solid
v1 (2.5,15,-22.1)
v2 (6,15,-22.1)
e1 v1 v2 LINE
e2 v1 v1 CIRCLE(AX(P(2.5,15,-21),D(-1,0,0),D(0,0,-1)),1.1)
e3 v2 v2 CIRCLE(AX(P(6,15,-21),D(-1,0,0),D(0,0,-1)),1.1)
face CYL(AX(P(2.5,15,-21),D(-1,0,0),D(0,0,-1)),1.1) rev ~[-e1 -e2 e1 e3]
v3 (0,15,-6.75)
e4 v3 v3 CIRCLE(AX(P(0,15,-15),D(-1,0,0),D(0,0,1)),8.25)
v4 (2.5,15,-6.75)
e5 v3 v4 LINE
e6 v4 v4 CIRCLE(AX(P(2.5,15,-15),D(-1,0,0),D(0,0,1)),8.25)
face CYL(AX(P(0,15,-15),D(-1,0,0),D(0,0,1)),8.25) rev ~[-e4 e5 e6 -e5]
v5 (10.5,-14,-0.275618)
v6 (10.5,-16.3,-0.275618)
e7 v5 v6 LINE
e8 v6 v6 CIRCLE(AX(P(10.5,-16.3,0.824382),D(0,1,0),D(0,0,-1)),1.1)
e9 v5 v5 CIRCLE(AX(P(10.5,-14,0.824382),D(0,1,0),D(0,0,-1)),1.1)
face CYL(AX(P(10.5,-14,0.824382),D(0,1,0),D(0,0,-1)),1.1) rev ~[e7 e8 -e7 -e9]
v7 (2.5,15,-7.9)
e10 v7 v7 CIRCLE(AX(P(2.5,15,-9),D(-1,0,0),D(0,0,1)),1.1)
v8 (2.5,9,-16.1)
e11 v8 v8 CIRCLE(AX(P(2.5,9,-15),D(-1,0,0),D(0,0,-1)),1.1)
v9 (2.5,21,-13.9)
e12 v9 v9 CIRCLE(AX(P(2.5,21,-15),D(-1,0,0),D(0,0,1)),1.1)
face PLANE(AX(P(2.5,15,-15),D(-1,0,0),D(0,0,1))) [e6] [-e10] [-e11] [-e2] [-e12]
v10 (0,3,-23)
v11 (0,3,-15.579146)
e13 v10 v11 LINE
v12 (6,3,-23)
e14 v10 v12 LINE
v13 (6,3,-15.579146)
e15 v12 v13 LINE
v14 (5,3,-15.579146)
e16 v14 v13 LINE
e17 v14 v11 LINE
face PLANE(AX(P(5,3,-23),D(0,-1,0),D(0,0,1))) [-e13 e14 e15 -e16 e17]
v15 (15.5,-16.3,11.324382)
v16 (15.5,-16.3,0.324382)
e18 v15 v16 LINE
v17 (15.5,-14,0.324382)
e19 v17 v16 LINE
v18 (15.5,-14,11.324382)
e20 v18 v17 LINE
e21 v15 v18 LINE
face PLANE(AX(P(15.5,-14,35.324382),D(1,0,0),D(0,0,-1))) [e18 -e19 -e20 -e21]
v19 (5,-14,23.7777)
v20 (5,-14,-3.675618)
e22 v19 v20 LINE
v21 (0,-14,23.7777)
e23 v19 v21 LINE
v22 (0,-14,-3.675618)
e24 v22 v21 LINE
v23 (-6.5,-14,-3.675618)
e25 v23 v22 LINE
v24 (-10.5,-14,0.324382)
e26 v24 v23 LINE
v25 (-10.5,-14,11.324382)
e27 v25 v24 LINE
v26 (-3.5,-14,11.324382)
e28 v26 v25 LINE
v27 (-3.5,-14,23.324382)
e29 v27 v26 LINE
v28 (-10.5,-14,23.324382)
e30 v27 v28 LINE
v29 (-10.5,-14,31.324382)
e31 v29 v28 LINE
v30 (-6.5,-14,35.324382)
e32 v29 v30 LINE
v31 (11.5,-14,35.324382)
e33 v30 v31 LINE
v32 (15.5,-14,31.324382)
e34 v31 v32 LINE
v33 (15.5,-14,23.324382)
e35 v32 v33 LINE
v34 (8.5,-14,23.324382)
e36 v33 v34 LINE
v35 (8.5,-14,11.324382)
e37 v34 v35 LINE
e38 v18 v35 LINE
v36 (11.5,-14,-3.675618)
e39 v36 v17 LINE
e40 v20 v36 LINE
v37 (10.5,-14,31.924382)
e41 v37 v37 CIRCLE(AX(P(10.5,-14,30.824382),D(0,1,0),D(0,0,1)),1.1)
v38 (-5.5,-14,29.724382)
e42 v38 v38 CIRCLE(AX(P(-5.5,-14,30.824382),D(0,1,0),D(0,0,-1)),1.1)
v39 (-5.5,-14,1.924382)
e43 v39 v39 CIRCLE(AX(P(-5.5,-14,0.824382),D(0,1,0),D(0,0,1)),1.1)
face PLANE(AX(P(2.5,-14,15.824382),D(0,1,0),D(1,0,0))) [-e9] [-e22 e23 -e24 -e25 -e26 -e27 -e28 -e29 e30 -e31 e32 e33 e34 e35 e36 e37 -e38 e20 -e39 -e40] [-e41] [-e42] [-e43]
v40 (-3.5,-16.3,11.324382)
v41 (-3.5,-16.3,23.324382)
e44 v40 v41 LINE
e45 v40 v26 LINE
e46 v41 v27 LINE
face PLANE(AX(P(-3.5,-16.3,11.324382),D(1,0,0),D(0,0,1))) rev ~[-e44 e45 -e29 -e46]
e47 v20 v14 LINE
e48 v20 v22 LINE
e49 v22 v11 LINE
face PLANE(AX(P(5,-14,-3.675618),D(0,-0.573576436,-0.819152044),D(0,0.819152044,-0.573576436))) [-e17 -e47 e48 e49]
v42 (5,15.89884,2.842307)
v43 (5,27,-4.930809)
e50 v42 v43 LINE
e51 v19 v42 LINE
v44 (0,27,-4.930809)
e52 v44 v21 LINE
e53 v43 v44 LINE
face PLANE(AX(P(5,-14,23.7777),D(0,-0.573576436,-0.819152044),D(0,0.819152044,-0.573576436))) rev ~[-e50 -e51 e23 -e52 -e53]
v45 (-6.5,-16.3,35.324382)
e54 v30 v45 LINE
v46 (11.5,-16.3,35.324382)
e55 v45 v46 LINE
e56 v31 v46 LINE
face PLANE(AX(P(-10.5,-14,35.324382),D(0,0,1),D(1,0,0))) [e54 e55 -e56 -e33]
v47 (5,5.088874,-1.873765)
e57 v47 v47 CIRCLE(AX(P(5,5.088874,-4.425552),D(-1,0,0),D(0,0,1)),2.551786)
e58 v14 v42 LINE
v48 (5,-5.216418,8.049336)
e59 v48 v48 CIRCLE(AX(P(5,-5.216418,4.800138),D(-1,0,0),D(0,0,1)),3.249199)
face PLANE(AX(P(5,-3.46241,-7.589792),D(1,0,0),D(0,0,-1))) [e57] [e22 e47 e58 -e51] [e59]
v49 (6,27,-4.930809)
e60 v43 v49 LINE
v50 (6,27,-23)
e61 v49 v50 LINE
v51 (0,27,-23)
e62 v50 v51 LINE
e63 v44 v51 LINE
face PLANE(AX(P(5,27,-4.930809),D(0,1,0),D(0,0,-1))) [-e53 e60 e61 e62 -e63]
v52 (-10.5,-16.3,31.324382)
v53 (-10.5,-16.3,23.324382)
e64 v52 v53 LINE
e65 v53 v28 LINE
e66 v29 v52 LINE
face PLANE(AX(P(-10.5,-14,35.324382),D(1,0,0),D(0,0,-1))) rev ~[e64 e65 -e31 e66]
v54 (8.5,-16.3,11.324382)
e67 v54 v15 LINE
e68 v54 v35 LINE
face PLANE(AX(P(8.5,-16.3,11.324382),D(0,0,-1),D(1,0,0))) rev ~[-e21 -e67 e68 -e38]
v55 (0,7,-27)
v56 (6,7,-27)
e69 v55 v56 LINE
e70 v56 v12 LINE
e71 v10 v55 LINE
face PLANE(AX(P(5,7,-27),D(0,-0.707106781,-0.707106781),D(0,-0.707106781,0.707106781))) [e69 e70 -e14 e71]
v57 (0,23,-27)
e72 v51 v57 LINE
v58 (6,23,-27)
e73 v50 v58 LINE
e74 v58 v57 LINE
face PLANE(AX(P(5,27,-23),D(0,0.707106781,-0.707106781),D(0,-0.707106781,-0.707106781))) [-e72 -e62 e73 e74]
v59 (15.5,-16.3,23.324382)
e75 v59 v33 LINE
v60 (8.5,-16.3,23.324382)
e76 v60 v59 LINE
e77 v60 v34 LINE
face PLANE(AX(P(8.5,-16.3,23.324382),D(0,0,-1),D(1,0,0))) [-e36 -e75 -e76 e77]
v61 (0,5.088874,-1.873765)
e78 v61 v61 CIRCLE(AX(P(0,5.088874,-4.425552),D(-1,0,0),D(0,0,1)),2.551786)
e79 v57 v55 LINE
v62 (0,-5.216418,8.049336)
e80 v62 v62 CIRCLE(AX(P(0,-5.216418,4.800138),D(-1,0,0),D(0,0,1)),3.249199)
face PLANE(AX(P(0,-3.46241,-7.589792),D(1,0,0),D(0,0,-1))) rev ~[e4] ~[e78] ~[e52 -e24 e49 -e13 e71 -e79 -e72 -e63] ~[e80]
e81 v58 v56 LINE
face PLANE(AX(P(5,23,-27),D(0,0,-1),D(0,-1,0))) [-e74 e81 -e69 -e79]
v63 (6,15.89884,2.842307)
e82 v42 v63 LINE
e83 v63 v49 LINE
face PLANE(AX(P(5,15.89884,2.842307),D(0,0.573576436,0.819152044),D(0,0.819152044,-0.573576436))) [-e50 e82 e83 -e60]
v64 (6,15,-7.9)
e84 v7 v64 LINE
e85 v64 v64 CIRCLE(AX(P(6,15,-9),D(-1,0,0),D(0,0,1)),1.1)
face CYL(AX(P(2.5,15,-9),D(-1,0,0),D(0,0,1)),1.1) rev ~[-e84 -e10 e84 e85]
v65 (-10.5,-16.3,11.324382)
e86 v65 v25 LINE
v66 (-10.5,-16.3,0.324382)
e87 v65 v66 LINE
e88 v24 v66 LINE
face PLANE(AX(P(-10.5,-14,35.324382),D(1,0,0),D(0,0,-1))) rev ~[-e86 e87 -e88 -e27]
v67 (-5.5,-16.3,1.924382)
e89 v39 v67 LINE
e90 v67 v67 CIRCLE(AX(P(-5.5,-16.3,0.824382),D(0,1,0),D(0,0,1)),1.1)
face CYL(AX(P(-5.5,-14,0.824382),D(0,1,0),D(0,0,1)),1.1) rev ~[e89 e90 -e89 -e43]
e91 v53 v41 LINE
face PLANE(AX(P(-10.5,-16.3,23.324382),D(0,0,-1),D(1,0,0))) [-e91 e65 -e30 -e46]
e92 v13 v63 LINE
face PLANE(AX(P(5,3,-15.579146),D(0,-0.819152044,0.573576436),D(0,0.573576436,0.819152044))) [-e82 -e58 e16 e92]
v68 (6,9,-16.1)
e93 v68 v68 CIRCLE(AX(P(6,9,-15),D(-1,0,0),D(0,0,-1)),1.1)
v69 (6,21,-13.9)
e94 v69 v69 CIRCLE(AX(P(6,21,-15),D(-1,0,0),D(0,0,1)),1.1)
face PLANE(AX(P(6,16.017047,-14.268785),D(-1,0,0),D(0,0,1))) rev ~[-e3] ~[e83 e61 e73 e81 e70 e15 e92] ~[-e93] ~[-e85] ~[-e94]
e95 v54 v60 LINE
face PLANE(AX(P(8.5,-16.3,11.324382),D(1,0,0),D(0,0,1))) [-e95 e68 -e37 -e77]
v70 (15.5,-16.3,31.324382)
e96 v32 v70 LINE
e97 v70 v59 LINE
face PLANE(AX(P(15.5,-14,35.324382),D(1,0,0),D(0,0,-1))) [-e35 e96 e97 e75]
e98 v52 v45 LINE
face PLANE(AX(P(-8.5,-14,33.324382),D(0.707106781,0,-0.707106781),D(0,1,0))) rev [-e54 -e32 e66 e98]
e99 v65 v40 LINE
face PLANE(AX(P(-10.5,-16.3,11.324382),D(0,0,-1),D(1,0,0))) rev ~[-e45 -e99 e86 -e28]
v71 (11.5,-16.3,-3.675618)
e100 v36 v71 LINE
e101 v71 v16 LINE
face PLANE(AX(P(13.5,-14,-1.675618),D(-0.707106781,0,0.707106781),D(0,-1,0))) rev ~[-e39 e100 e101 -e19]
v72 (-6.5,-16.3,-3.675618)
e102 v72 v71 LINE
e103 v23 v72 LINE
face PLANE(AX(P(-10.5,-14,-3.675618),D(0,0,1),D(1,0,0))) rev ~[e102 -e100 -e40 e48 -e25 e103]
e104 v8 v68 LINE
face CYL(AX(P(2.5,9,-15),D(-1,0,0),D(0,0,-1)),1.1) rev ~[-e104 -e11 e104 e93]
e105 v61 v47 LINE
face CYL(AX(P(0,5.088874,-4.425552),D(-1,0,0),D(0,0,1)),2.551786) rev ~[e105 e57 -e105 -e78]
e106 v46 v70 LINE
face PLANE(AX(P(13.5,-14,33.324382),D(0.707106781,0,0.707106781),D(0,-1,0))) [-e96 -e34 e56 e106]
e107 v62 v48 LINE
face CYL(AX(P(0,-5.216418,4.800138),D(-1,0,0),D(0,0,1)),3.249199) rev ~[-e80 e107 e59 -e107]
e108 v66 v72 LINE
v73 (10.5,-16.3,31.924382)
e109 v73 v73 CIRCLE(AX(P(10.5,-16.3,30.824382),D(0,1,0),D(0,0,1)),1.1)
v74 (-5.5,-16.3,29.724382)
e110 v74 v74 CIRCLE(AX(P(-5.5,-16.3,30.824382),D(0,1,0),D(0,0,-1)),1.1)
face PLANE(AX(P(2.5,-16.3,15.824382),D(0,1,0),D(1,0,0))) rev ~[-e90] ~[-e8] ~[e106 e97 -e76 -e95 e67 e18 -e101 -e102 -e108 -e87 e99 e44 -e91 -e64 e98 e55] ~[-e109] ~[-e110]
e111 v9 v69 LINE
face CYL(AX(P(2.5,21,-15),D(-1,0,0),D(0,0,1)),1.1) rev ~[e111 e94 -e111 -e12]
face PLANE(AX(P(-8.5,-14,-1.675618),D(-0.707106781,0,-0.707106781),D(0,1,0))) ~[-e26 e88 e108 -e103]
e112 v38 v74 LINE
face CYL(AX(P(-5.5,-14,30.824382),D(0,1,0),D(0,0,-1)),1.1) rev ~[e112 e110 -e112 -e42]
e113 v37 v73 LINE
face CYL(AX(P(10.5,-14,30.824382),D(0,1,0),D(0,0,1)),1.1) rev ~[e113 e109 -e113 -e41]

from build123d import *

# Parameters (mm, degrees)
EXTRUDE_1_DEPTH      = 30
SKETCH_2_R           = 8.25
CUT_EXTRUDE_1_DEPTH  = 2.5
EXTRUDE_2_DEPTH      = 41
SKETCH_6_R           = 8
CUT_EXTRUDE_3_DEPTH  = 4
CUT_EXTRUDE_4_DEPTH  = 83.710337927
CUT_EXTRUDE_6_DEPTH  = 23
EXTRUDE_3_DEPTH      = 23
CUT_EXTRUDE_7_DEPTH  = 46.5
EXTRUDE_4_DEPTH      = 4
CUT_EXTRUDE_8_DEPTH  = 23
CUT_EXTRUDE_9_DEPTH  = 65.964988157
SKETCH_16_R          = 1.25
CUT_EXTRUDE_10_DEPTH = 65.964988157
CUT_EXTRUDE_11_DEPTH = 44
EXTRUDE_5_DEPTH      = 2.5
CUT_EXTRUDE_12_DEPTH = 3
EXTRUDE_6_DEPTH      = 41
CUT_EXTRUDE_13_DEPTH = 41
CUT_EXTRUDE_14_DEPTH = 17
CHAMFER_1_SIZE       = 4
CUT_EXTRUDE_16_DEPTH = 53.085522264
EXTRUDE_8_DEPTH      = 5
CUT_EXTRUDE_17_DEPTH = 4
SKETCH_30_W          = 26
SKETCH_30_H          = 39
SKETCH_30_R          = 1.1
EXTRUDE_10_DEPTH     = 2.3
CHAMFER_4_SIZE       = 4
SKETCH_32_R          = 2.551786445
SKETCH_32_R_2        = 3.249198584
CUT_EXTRUDE_18_DEPTH = 48.085687781
SKETCH_33_W          = 7
SKETCH_33_H          = 12
CUT_EXTRUDE_19_DEPTH = 10
EXTRUDE_11_DEPTH     = 1
SKETCH_8_R           = 1.1
CUT_EXTRUDE_5_DEPTH  = 47.322910032


with BuildPart() as part:
    # 草图1 → 凸台-拉伸1 (new body)
    with BuildSketch(Plane(origin=(0, 0, 0), x_dir=(1, 0, 0), z_dir=(0, 1, 0))):
        Polygon((0, 0), (-15.325055808, 0), (-21.84047557, -15.349367059), (5.774670034, -27.071300914), (30, 30), (0, 30), align=None)
    extrude(amount=EXTRUDE_1_DEPTH)

    # 草图2 → 切除-拉伸1 (cut)
    with BuildSketch(Plane.ZY):
        with Locations((-15, 15)):
            Circle(SKETCH_2_R)
    extrude(amount=-CUT_EXTRUDE_1_DEPTH, mode=Mode.SUBTRACT)

    # 草图5 → 凸台-拉伸2 (add)
    with BuildSketch(Plane.XZ):
        Polygon((-21.84047557, 15.349367059), (-9.337079458, -14.106788251), (18.278066145, -2.384854396), (5.774670034, 27.071300914), align=None)
    extrude(amount=EXTRUDE_2_DEPTH)

    # 草图6 → 切除-拉伸3 (cut)
    with BuildSketch(Plane.XZ.offset(41)):
        with Locations(Location((-1.781204712, 6.482256331, 0), (0, 0, 270))):
            Circle(SKETCH_6_R)
    extrude(amount=-CUT_EXTRUDE_3_DEPTH, mode=Mode.SUBTRACT)

    # 草图7 → 切除-拉伸4 (cut, through all)
    with BuildSketch(Plane(origin=(0, 30, 0), x_dir=(1, 0, 0), z_dir=(0, 1, 0))):
        Polygon((0, 27), (5, 27), (5, -28.896309146), (30, 30), (0, 30), align=None)
    extrude(amount=-CUT_EXTRUDE_4_DEPTH, mode=Mode.SUBTRACT)

    # 草图10 → 切除-拉伸6 (cut)
    with BuildSketch(Plane.XZ.offset(41)):
        Polygon((-19.999465863, 16.130829316), (-7.496069751, -13.325325994), (-9.337079458, -14.106788251), (-21.84047557, 15.349367059), align=None)
        Polygon((5.774670034, 27.071300914), (3.933660327, 26.289838657), (16.437056438, -3.166316653), (18.278066145, -2.384854396), align=None)
    extrude(amount=-CUT_EXTRUDE_6_DEPTH, mode=Mode.SUBTRACT)

    # 草图11 → 凸台-拉伸3 (add)
    with BuildSketch(Plane.XZ.offset(41)):
        Polygon((-19.999465863, 16.130829316), (-24.297508276, 26.256382704), (-0.364382087, 36.415392045), (3.933660327, 26.289838657), align=None)
        Polygon((5, 23.777699815), (16.437056438, -3.166316653), (5, -8.021059083), align=None)
    extrude(amount=-EXTRUDE_3_DEPTH)

    # 草图12 → 切除-拉伸7 (cut)
    with BuildSketch(Plane.XZ.offset(41)):
        Polygon((0.345866355, -31.799769722), (-9.058994265, -9.64330658), (14.874131924, 0.51570276), (24.278992544, -21.640760381), align=None)
    extrude(amount=-CUT_EXTRUDE_7_DEPTH, mode=Mode.SUBTRACT)

    # 草图13 → 凸台-拉伸4 (add)
    with BuildSketch(Plane(origin=(0, -18, 0), x_dir=(1, 0, 0), z_dir=(0, 1, 0))):
        Polygon((14.874131924, -0.51570276), (-9.058994265, 9.64330658), (-24.297508276, -26.256382704), (-0.364382087, -36.415392045), align=None)
    extrude(amount=EXTRUDE_4_DEPTH)

    # 草图14 → 切除-拉伸8 (cut)
    with BuildSketch(Plane.XZ.offset(41)):
        Polygon((-9.058994265, -9.64330658), (14.874131924, 0.51570276), (-0.364382087, 36.415392045), (-24.297508276, 26.256382704), align=None)
    extrude(amount=-CUT_EXTRUDE_8_DEPTH, mode=Mode.SUBTRACT)

    # 草图15 → 切除-拉伸9 (cut, through all)
    with BuildSketch(Plane.XZ.offset(18)):
        Polygon((5, 23.777699815), (5, 26.742472994), (3.933660327, 26.289838657), align=None)
        Polygon((-19.999465863, 16.130829316), (-7.496069751, -13.325325994), (-9.337079458, -14.106788251), (-21.84047557, 15.349367059), align=None)
    extrude(amount=-CUT_EXTRUDE_9_DEPTH, mode=Mode.SUBTRACT)

    # 草图16 → 切除-拉伸10 (cut, through all)
    with BuildSketch(Plane.XZ.offset(18)):
        with Locations(Location((-17.936693931, 24.067766506, 0), (0, 0, 270))):
            Circle(SKETCH_16_R)
        with Locations(Location((-3.208616276, 30.319464562, 0), (0, 0, 90))):
            Circle(SKETCH_16_R)
        with Locations(Location((8.513317579, 2.704318958, 0), (0, 0, 270))):
            Circle(SKETCH_16_R)
        with Locations(Location((-6.214760076, -3.547379097, 0), (0, 0, 270))):
            Circle(SKETCH_16_R)
    extrude(amount=-CUT_EXTRUDE_10_DEPTH, mode=Mode.SUBTRACT)

    # 草图17 → 切除-拉伸11 (cut)
    with BuildSketch(Plane(origin=(0, 30, 0), x_dir=(1, 0, 0), z_dir=(0, 1, 0))):
        Polygon((-9.058994265, 9.64330658), (-19.999465863, -16.130829316), (0, -24.620098913), (0, 5.797991655), align=None)
    extrude(amount=-CUT_EXTRUDE_11_DEPTH, mode=Mode.SUBTRACT)

    # 草图18 → 凸台-拉伸5 (add)
    with BuildSketch(Plane.XZ.offset(-5.5)):
        Polygon((5, -3.675617573), (0, -5.797991655), (0, -27), (5, -27), align=None)
    extrude(amount=EXTRUDE_5_DEPTH)

    # 草图20 → 切除-拉伸12 (cut)
    with BuildSketch(Plane(origin=(0, 30, 0), x_dir=(1, 0, 0), z_dir=(0, 1, 0))):
        Polygon((0, 27), (0, -24.620098913), (3.933660327, -26.289838657), (5, -23.777699815), (5, 27), align=None)
    extrude(amount=-CUT_EXTRUDE_12_DEPTH, mode=Mode.SUBTRACT)

    # 草图21 → 凸台-拉伸6 (add)
    with BuildSketch(Plane(origin=(0, 27, 0), x_dir=(1, 0, 0), z_dir=(0, 1, 0))):
        Polygon((0, -24.620098913), (0, -35.556961644), (3.933660327, -26.289838657), align=None)
    extrude(amount=-EXTRUDE_6_DEPTH)

    # 草图22 → 切除-拉伸13 (cut)
    with BuildSketch(Plane(origin=(0, 27, 0), x_dir=(1, 0, 0), z_dir=(0, 1, 0))):
        Polygon((5, -23.777699815), (0, -23.777699815), (0, -35.556961644), align=None)
    extrude(amount=-CUT_EXTRUDE_13_DEPTH, mode=Mode.SUBTRACT)

    # 草图23 → 切除-拉伸14 (cut)
    with BuildSketch(Plane.XZ.offset(-3)):
        Polygon((5, -3.675617573), (0, -3.675617573), (0, -5.797991655), align=None)
    extrude(amount=CUT_EXTRUDE_14_DEPTH, mode=Mode.SUBTRACT)

    # 倒角1
    chamfer_1_edges = [part.edges().sort_by_distance(p)[0] for p in [
        (-24.297508276, -16, 26.256382704),
        (-0.364382087, -16, 36.415392045),
        (14.874131924, -16, 0.51570276),
        (-9.058994265, -16, -9.64330658),
        (2.5, 3, -27),
        (2.5, 27, -27),
    ]]
    chamfer(chamfer_1_edges, length=CHAMFER_1_SIZE)

    # 草图26 → 切除-拉伸16 (cut, through all)
    with BuildSketch(Plane(origin=(5, 0, 0), x_dir=(0, 0, -1), z_dir=(1, 0, 0))):
        Polygon((-23.777699815, -14), (4.930809251, 27), (-23.777699815, 27), align=None)
    extrude(amount=-CUT_EXTRUDE_16_DEPTH, mode=Mode.SUBTRACT)

    # 草图27 → 凸台-拉伸8 (add)
    with BuildSketch(Plane(origin=(5, 0, 0), x_dir=(0, 0, -1), z_dir=(1, 0, 0))):
        Polygon((3.675617573, -14), (15.579145723, 3), (3.675617573, 3), align=None)
    extrude(amount=-EXTRUDE_8_DEPTH)

    # 草图31 → 切除-拉伸17 (cut)
    with BuildSketch(Plane.XZ.offset(18)):
        Polygon((-5.376974851, -8.080382066), (11.192112511, -1.047221754), (13.311207411, 4.197722174), (1.198542427, 32.733372631), (-4.0464015, 34.852467531), (-20.615488863, 27.819307218), (-22.734583762, 22.574363291), (-10.621918779, -5.961287167), align=None)
    extrude(amount=-CUT_EXTRUDE_17_DEPTH, mode=Mode.SUBTRACT)

    # 草图30 → 凸台-拉伸10 (add)
    with BuildSketch(Plane(origin=(0, -14, 0), x_dir=(1, 0, 0), z_dir=(0, 1, 0))):
        with Locations((2.5, -15.824382427)):
            Rectangle(SKETCH_30_W, SKETCH_30_H)
        with Locations(Location((-5.5, -0.824382427, 0), (0, 0, 270))):
            Circle(SKETCH_30_R, mode=Mode.SUBTRACT)
        with Locations(Location((10.5, -0.824382427, 0), (0, 0, 90))):
            Circle(SKETCH_30_R, mode=Mode.SUBTRACT)
        with Locations(Location((10.5, -30.824382427, 0), (0, 0, 270))):
            Circle(SKETCH_30_R, mode=Mode.SUBTRACT)
        with Locations(Location((-5.5, -30.824382427, 0), (0, 0, 90))):
            Circle(SKETCH_30_R, mode=Mode.SUBTRACT)
    extrude(amount=-EXTRUDE_10_DEPTH)

    # 倒角4
    chamfer_4_edges = [part.edges().sort_by_distance(p)[0] for p in [
        (-10.5, -15.15, 35.324382427),
        (-10.5, -15.15, -3.675617573),
        (15.5, -15.15, -3.675617573),
        (15.5, -15.15, 35.324382427),
    ]]
    chamfer(chamfer_4_edges, length=CHAMFER_4_SIZE)

    # 草图32 → 切除-拉伸18 (cut, through all)
    with BuildSketch(Plane.ZY):
        with Locations((-4.425551632, 5.088873795)):
            Circle(SKETCH_32_R)
        with Locations((4.800137825, -5.216417619)):
            Circle(SKETCH_32_R_2)
    extrude(amount=-CUT_EXTRUDE_18_DEPTH, mode=Mode.SUBTRACT)

    # 草图33 → 切除-拉伸19 (cut)
    with BuildSketch(Plane.XZ.offset(16.3)):
        with Locations((-7, 17.324382427)):
            Rectangle(SKETCH_33_W, SKETCH_33_H)
        with Locations((12, 17.324382427)):
            Rectangle(SKETCH_33_W, SKETCH_33_H)
    extrude(amount=-CUT_EXTRUDE_19_DEPTH, mode=Mode.SUBTRACT)

    # 草图34 → 凸台-拉伸11 (add)
    with BuildSketch(Plane(origin=(5, 0, 0), x_dir=(0, 0, -1), z_dir=(1, 0, 0))):
        Polygon((15.579145723, 3), (-2.842306745, 15.898839883), (4.930809251, 27), (23, 27), (27, 23), (27, 7), (23, 3), align=None)
    extrude(amount=EXTRUDE_11_DEPTH)

    # 草图8 → 切除-拉伸5 (cut, through all)
    with BuildSketch(Plane.ZY.offset(-2.5)):
        with Locations((-15, 21)):
            Circle(SKETCH_8_R)
        with Locations((-9, 15)):
            Circle(SKETCH_8_R)
        with Locations(Location((-15, 9, 0), (0, 0, 180))):
            Circle(SKETCH_8_R)
        with Locations(Location((-21, 15, 0), (0, 0, 180))):
            Circle(SKETCH_8_R)
    extrude(amount=-CUT_EXTRUDE_5_DEPTH, mode=Mode.SUBTRACT)


solid = part.part
